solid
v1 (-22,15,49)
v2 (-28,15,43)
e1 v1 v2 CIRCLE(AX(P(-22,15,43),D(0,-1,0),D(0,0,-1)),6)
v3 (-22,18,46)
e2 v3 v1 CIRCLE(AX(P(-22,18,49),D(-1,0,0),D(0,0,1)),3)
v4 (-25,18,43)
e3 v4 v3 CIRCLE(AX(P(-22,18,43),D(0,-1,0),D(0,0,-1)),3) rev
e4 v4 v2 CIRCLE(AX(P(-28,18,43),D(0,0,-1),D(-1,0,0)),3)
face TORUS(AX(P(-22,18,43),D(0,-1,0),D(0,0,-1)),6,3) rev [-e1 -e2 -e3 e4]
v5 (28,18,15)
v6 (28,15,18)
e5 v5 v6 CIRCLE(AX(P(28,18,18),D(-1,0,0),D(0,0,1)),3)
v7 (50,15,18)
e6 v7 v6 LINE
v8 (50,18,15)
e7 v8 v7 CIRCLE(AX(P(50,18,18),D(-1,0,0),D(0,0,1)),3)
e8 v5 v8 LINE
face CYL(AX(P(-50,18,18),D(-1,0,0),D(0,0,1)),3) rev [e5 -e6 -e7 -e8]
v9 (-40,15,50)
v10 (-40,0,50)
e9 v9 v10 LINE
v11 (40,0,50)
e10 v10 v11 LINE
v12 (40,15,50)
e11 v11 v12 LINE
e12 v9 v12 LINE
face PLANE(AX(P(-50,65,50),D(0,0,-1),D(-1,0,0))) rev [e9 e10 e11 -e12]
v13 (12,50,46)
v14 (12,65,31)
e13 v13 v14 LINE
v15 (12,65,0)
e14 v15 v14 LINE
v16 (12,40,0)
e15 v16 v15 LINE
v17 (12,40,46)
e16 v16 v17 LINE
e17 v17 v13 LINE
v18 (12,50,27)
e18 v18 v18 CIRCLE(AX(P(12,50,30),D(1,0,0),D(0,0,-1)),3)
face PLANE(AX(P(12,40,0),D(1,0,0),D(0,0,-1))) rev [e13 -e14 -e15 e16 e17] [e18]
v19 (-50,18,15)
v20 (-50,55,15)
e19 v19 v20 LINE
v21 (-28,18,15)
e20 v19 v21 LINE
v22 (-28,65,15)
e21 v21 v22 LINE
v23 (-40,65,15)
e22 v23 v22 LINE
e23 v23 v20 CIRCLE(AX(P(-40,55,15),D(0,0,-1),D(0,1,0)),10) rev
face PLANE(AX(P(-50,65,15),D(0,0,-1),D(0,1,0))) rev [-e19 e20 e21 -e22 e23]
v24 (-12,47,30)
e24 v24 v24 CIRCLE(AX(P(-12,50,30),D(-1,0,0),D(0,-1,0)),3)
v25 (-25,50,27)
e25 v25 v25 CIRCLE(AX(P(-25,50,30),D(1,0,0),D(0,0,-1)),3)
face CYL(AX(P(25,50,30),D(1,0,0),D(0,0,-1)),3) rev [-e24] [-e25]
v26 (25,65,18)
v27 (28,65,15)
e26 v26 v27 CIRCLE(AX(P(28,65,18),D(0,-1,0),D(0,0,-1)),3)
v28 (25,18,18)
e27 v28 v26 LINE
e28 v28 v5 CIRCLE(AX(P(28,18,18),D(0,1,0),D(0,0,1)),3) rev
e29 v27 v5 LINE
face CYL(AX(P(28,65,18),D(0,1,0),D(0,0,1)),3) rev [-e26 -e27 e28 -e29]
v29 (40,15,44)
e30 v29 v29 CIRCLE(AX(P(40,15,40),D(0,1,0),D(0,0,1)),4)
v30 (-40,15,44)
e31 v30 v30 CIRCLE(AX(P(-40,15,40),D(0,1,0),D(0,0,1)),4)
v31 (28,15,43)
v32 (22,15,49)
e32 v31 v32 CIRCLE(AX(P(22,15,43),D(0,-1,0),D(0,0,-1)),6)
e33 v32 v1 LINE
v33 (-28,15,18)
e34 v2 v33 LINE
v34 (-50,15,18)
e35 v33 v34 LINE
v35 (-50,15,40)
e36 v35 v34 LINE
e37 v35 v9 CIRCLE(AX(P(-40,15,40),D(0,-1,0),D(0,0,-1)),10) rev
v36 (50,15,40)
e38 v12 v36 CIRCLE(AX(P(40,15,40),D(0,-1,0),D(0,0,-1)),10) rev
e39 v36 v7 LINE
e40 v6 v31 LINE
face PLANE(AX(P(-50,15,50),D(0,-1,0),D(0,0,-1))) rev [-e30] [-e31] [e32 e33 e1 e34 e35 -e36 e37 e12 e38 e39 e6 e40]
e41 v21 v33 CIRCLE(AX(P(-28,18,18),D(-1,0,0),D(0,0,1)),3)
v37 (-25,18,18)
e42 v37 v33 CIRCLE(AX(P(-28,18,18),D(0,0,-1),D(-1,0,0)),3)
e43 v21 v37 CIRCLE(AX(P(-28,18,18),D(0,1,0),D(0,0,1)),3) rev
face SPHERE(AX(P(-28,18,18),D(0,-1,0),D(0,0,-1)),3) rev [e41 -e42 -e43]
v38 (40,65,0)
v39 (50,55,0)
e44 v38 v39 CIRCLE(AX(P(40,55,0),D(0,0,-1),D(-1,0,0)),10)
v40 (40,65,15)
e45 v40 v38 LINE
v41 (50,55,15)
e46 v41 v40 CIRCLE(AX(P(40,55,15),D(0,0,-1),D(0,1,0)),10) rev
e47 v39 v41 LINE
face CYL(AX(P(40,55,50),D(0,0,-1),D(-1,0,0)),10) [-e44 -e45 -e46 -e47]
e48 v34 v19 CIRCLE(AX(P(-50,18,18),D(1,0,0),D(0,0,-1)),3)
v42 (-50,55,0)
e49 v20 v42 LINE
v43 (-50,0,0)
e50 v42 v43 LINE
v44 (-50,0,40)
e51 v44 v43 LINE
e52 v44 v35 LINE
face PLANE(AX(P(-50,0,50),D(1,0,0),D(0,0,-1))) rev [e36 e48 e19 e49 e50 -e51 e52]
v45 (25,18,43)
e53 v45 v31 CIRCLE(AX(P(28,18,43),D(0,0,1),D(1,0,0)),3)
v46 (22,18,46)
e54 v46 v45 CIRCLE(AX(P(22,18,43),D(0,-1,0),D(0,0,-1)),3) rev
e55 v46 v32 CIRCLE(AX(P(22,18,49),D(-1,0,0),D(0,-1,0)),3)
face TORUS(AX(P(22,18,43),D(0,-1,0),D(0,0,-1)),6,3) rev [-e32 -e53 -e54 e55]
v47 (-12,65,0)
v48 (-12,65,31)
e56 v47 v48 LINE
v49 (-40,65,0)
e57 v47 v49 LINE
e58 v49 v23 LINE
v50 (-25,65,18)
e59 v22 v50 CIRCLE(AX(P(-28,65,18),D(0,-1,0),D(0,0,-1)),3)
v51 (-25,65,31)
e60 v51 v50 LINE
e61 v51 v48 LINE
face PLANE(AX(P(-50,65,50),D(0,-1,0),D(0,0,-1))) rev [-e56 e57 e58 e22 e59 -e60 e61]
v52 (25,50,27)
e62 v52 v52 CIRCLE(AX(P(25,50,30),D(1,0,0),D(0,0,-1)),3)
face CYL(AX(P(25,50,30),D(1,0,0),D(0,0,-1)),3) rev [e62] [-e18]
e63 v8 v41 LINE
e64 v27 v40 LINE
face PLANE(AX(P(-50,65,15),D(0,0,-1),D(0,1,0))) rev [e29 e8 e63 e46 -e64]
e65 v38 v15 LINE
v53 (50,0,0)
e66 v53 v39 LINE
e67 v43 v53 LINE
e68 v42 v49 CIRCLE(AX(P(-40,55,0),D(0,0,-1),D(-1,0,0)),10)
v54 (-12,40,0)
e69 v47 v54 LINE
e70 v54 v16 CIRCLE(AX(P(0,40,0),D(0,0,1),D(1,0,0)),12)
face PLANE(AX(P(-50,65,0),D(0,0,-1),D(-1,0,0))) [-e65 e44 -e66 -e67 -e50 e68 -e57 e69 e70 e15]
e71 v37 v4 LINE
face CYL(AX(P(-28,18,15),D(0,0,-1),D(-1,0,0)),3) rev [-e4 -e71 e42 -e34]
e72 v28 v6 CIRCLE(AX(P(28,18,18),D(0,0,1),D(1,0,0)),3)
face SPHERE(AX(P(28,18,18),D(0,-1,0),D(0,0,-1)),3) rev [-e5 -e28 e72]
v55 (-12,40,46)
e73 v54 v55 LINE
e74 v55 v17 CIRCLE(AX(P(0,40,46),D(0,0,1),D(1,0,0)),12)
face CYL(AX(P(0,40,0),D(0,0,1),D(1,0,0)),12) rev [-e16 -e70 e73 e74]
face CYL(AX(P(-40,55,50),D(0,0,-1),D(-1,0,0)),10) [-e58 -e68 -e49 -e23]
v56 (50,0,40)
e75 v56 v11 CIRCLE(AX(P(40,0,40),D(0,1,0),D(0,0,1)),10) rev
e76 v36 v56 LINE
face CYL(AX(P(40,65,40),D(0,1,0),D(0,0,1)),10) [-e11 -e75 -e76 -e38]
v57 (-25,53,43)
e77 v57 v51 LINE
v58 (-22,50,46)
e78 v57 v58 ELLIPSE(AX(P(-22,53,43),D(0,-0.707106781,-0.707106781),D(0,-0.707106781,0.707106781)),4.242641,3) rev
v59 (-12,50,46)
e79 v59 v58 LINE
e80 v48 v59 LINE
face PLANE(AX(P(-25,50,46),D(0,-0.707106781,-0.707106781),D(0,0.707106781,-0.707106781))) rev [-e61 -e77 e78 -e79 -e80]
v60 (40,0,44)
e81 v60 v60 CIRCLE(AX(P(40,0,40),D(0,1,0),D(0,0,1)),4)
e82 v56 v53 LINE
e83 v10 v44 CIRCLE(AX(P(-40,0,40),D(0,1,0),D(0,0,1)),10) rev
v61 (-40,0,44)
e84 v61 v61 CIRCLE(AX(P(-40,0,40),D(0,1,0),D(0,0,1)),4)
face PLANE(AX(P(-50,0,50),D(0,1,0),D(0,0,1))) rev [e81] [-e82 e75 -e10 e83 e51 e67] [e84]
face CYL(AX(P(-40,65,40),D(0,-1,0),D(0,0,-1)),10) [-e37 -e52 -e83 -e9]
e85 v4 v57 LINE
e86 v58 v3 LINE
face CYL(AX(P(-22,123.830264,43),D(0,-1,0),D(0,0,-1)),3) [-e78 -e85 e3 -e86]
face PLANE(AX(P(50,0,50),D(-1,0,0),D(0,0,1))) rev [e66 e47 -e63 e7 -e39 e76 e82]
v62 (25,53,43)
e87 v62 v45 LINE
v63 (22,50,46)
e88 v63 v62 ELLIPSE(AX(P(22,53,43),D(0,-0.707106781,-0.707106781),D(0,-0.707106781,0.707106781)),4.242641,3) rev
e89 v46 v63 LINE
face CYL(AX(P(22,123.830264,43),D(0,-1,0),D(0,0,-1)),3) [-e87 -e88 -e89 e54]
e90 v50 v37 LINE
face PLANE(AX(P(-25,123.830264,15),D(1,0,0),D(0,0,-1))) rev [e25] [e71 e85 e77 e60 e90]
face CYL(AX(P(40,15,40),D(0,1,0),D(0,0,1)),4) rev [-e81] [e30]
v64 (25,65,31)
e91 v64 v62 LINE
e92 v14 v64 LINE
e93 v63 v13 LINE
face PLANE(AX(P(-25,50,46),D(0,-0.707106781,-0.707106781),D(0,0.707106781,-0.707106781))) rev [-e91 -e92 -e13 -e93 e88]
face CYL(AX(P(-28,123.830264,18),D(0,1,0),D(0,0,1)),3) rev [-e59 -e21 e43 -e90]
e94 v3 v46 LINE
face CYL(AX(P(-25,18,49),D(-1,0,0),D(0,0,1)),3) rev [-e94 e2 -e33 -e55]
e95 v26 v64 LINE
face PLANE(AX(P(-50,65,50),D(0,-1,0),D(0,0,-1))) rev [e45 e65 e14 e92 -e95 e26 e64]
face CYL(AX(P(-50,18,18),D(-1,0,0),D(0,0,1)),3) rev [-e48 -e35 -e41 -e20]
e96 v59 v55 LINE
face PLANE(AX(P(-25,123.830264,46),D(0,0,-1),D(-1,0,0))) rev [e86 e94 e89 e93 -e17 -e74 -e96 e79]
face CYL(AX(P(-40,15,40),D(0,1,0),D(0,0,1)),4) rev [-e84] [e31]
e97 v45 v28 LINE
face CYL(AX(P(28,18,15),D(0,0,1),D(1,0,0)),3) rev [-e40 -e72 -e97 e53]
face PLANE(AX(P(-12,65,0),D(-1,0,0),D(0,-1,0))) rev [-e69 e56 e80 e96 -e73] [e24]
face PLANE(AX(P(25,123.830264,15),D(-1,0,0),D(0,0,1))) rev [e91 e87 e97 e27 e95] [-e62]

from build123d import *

# Parameters (mm, degrees)
SKETCH1_W                = 100
SKETCH1_H                = 65
BASE_EXTRUDE_DEPTH       = 50
SKETCH2_W                = 35
SKETCH2_H                = 50
CUT_EXTRUDE1_DEPTH       = 130.325171564
SKETCH3_W                = 50
SKETCH3_H                = 31
BOSS_EXTRUDE1_DEPTH      = 50
CUT_EXTRUDE2_DEPTH       = 95.026591983
CHAMFER1_SIZE            = 15
FILLET1_R                = 10
FILLET2_R                = 3
FILLET3_R                = 3
FILLET4_R                = 3
F_8_0_8_DIAMETER_HOLE1_D = 8
F_6_0_6_DIAMETER_HOLE1_D = 6


with BuildPart() as part:
    # Sketch1 → Base-Extrude (new body)
    with BuildSketch(Plane.XY):
        with Locations((0, 32.5)):
            Rectangle(SKETCH1_W, SKETCH1_H)
    extrude(amount=BASE_EXTRUDE_DEPTH)

    # Sketch2 → Cut-Extrude1 (cut, through all)
    with BuildSketch(Plane(origin=(50, 0, 0), x_dir=(0, 0, -1), z_dir=(1, 0, 0))):
        with Locations((-32.5, 40)):
            Rectangle(SKETCH2_W, SKETCH2_H)
    extrude(amount=-CUT_EXTRUDE1_DEPTH, mode=Mode.SUBTRACT)

    # Sketch3 → Boss-Extrude1 (add)
    with BuildSketch(Plane(origin=(0, 15, 0), x_dir=(-1, 0, 0), z_dir=(0, 1, 0))):
        with Locations((0, 30.5)):
            Rectangle(SKETCH3_W, SKETCH3_H)
    extrude(amount=BOSS_EXTRUDE1_DEPTH)

    # Sketch4 → Cut-Extrude2 (cut, through all)
    with BuildSketch(Plane.XY.offset(46)):
        with BuildLine():
            Line((-12, 65), (-12, 40))
            ThreePointArc((-12, 40), (0, 28), (12, 40))
            Line((12, 40), (12, 65))
            Line((12, 65), (-12, 65))
        make_face()
    extrude(amount=-CUT_EXTRUDE2_DEPTH, mode=Mode.SUBTRACT)

    # Chamfer1
    chamfer1_edges = [part.edges().sort_by_distance(p)[0] for p in [
        (18.5, 65, 46),
        (-18.5, 65, 46),
    ]]
    chamfer(chamfer1_edges, length=CHAMFER1_SIZE)

    # Fillet1
    fillet1_edges = [part.edges().sort_by_distance(p)[0] for p in [
        (50, 7.5, 50),
        (-50, 7.5, 50),
        (-50, 65, 7.5),
        (50, 65, 7.5),
    ]]
    fillet(fillet1_edges, radius=FILLET1_R)

    # Fillet2
    fillet2_edges = [part.edges().sort_by_distance(p)[0] for p in [
        (25, 40, 15),
        (-25, 40, 15),
    ]]
    fillet(fillet2_edges, radius=FILLET2_R)

    # Fillet3
    fillet3_edges = [part.edges().sort_by_distance(p)[0] for p in [
        (-25, 32.5, 46),
        (25, 32.5, 46),
    ]]
    fillet(fillet3_edges, radius=FILLET3_R)

    # Fillet4
    fillet4_edges = [part.edges().sort_by_distance(p)[0] for p in [
        (0, 15, 46),
        (25, 15, 30.5),
        (-24.121320344, 15, 45.121320344),
        (24.121320344, 15, 45.121320344),
        (-39, 15, 15),
        (39, 15, 15),
        (-25, 15, 30.5),
        (-25.878679656, 15, 15.878679656),
        (25.878679656, 15, 15.878679656),
    ]]
    fillet(fillet4_edges, radius=FILLET4_R)

    # Ø8.0 (8) Diameter Hole1 (through all)
    with Locations(Plane(origin=(0, 15, 0), x_dir=(1, 0, 0), z_dir=(0, 1, 0))):
        with Locations((40, -40), (-40, -40)):
            Hole(F_8_0_8_DIAMETER_HOLE1_D / 2)

    # Ø6.0 (6) Diameter Hole1 (through all)
    with Locations(Plane(origin=(25, 0, 0), x_dir=(0, 0, -1), z_dir=(1, 0, 0))):
        with Locations((-30, 50)):
            Hole(F_6_0_6_DIAMETER_HOLE1_D / 2)


solid = part.part
